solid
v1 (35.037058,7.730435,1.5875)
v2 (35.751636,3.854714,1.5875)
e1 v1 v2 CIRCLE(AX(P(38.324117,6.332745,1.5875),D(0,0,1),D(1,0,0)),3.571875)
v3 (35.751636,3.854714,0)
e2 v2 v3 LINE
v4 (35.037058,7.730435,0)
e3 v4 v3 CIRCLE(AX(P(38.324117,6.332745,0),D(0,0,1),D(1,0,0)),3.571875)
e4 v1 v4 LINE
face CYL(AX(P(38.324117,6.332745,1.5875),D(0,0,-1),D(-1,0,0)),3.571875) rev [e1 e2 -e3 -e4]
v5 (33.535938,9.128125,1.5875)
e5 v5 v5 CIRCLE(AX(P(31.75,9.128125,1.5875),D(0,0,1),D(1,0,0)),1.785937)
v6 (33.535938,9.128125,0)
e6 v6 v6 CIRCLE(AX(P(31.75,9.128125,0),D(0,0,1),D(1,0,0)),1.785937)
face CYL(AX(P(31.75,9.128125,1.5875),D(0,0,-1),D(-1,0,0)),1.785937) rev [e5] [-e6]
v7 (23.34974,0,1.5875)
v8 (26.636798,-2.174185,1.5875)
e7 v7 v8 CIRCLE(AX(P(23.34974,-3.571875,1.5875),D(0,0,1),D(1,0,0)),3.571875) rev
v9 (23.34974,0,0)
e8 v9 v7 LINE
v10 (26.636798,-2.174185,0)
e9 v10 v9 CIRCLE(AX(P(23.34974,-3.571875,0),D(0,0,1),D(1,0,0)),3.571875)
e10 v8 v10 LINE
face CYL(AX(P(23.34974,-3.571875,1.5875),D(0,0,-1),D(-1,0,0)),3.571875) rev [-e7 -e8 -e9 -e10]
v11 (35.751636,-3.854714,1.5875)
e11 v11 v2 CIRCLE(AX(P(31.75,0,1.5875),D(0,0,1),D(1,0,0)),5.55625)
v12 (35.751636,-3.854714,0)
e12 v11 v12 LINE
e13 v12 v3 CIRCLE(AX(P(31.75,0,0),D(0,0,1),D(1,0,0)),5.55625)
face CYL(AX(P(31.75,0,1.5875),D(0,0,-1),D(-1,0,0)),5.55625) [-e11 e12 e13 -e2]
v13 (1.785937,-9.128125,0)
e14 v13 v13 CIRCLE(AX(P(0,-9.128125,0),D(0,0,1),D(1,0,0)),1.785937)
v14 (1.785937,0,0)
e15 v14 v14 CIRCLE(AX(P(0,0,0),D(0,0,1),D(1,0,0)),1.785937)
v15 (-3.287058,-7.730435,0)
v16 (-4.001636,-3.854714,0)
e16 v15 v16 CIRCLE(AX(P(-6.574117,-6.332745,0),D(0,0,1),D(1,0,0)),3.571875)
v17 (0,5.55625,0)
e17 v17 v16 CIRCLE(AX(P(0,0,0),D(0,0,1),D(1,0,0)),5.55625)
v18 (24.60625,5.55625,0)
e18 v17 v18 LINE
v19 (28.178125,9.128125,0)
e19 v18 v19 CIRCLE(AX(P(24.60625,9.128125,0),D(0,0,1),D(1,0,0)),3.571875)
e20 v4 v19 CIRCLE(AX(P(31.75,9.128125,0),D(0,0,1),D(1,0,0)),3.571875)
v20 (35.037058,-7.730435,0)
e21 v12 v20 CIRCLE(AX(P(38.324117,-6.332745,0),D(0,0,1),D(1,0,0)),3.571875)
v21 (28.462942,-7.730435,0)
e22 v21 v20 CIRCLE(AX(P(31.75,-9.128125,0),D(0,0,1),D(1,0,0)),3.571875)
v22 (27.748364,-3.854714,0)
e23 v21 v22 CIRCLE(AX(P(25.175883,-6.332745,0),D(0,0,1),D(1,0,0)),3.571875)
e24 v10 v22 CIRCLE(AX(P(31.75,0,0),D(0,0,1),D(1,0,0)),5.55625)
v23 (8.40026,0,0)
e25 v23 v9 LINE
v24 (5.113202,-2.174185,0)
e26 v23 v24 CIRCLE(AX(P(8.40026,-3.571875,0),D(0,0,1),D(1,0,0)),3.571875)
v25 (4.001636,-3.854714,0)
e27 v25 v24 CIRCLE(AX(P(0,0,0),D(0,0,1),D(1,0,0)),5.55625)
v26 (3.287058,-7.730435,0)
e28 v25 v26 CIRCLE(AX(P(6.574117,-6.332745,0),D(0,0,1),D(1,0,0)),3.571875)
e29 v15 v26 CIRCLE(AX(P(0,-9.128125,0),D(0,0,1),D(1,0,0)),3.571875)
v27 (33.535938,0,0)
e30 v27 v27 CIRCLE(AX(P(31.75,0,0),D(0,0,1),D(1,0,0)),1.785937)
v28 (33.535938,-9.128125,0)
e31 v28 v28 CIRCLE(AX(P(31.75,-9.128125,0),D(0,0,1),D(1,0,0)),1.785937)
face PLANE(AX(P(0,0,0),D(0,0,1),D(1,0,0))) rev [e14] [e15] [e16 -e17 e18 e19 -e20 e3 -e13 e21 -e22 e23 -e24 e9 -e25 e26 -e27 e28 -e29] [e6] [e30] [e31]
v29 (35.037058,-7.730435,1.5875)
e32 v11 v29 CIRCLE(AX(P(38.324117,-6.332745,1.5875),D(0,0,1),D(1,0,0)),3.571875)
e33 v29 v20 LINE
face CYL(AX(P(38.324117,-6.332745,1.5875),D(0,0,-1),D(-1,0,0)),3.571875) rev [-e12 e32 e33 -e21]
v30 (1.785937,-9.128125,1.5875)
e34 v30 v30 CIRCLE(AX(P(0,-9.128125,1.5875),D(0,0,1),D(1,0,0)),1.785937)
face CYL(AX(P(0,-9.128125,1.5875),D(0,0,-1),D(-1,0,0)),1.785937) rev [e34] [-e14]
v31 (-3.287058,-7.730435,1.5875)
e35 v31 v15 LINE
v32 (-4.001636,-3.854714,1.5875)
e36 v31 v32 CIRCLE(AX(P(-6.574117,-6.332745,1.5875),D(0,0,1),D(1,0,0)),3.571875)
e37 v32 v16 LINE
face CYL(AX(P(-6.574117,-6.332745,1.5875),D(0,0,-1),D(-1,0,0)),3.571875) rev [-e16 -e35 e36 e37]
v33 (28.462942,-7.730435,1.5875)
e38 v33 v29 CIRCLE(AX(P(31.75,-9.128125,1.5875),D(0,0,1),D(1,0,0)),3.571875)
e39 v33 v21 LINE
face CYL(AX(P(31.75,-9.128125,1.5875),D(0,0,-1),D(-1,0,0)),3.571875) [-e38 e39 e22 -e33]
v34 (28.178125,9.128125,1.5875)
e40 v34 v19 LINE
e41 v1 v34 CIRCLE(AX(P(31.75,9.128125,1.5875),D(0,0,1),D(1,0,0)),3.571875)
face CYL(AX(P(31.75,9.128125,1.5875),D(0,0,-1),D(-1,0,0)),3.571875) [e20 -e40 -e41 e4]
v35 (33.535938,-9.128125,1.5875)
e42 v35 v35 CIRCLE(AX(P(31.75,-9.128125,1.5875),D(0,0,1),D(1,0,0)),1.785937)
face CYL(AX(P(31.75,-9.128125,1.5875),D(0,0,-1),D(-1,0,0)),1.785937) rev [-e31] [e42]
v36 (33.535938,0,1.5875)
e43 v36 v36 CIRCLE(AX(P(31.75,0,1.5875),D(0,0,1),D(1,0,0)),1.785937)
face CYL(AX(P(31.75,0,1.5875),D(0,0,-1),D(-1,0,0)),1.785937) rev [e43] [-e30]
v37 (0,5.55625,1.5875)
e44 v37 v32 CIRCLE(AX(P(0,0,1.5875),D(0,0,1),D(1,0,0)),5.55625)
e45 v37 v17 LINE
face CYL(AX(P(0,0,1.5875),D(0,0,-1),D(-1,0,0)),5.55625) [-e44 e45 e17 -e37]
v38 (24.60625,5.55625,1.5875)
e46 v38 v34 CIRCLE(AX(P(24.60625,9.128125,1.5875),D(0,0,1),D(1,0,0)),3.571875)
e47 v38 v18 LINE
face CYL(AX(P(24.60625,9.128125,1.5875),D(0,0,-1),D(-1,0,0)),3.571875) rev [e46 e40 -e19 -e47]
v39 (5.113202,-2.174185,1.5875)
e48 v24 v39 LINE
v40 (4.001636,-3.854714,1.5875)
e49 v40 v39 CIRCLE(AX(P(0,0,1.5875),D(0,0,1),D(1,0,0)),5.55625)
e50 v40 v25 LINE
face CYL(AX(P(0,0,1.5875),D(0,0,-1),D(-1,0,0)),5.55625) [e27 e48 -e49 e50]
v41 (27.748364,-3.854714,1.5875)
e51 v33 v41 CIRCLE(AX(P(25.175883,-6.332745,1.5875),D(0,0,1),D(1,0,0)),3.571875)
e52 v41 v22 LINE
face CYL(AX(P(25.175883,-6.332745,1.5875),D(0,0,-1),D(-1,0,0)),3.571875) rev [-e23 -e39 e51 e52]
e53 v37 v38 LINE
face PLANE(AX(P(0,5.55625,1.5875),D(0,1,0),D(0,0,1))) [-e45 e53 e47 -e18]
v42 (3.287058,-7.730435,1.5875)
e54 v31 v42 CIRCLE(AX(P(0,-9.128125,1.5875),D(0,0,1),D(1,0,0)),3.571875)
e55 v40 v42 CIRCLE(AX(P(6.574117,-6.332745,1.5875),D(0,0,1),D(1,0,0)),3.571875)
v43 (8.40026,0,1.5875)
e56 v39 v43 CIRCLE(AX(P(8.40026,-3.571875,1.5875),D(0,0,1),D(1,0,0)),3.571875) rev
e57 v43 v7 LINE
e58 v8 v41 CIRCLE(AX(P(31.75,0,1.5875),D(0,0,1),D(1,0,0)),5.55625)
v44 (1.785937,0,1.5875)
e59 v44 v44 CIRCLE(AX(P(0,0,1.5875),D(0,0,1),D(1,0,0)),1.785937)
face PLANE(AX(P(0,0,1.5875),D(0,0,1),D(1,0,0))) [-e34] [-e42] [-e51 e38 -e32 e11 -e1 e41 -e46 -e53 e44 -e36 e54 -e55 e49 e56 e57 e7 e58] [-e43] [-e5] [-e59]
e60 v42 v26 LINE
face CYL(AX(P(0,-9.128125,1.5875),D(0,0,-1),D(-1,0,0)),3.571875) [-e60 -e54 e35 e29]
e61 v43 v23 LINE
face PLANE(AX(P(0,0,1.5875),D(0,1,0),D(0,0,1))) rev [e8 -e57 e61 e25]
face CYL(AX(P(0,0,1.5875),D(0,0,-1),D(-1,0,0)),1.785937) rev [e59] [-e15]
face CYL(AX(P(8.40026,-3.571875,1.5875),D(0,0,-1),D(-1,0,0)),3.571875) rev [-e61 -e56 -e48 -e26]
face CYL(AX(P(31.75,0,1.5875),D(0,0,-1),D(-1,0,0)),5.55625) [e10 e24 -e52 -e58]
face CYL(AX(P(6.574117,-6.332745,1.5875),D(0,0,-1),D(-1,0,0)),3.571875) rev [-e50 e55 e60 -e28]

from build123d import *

# Parameters (mm, degrees)
SKETCH1_R           = 1.7859375
SKETCH1_R_2         = 3.571875
BOSS_EXTRUDE1_DEPTH = 1.5875
FILLET1_R           = 3.571875


with BuildPart() as part:
    # Sketch1 → Boss-Extrude1 (new body)
    # profile 1 of 10: a face of its own
    with BuildSketch(Plane.XY):
        with BuildLine():
            Line((5.55625, 0), (26.19375, 0))
            ThreePointArc((26.19375, 0), (27.821137947, -3.928862053), (31.75, -5.55625))
            ThreePointArc((31.75, -5.55625), (37.30625, 0), (31.75, 5.55625))
            Line((31.75, 5.55625), (0, 5.55625))
            ThreePointArc((0, 5.55625), (-5.55625, 0), (0, -5.55625))
            ThreePointArc((0, -5.55625), (3.928862053, -3.928862053), (5.55625, 0))
        make_face()
        Circle(SKETCH1_R, mode=Mode.SUBTRACT)
        with Locations((31.75, 0)):
            Circle(SKETCH1_R, mode=Mode.SUBTRACT)
    # profile 2 of 10: a face of its own
    with BuildSketch(Plane.XY):
        with Locations((0, -9.128125)):
            Circle(SKETCH1_R_2)
        with Locations((0, -9.128125)):
            Circle(SKETCH1_R, mode=Mode.SUBTRACT)
    # profile 3 of 10: a face of its own
    with BuildSketch(Plane.XY):
        with Locations((31.75, -9.128125)):
            Circle(SKETCH1_R_2)
        with Locations((31.75, -9.128125)):
            Circle(SKETCH1_R, mode=Mode.SUBTRACT)
    # profile 4 of 10: a face of its own
    with BuildSketch(Plane.XY):
        with Locations((31.75, 9.128125)):
            Circle(SKETCH1_R_2)
        with Locations((31.75, 9.128125)):
            Circle(SKETCH1_R, mode=Mode.SUBTRACT)
    # profile 5 of 10: a face of its own
    with BuildSketch(Plane.XY):
        with BuildLine():
            ThreePointArc((28.178125, 9.128125), (27.131947034, 6.602427966), (24.60625, 5.55625))
            Line((24.60625, 5.55625), (31.75, 5.55625))
            ThreePointArc((31.75, 5.55625), (29.224302966, 6.602427966), (28.178125, 9.128125))
        make_face()
    # profile 6 of 10: a face of its own
    with BuildSketch(Plane.XY):
        with BuildLine():
            ThreePointArc((31.75, 5.55625), (33.924184828, 5.113201971), (35.751636409, 3.854714012))
            ThreePointArc((35.751636409, 3.854714012), (34.811446668, 5.68510327), (35.037058415, 7.730434766))
            ThreePointArc((35.037058415, 7.730434766), (33.720522292, 6.148975304), (31.75, 5.55625))
        make_face()
    # profile 7 of 10: a face of its own
    with BuildSketch(Plane.XY):
        with BuildLine():
            ThreePointArc((35.751636291, -3.854714135), (33.92418475, -5.113202004), (31.75, -5.55625))
            ThreePointArc((31.75, -5.55625), (33.720522308, -6.148975314), (35.037058429, -7.730434799))
            ThreePointArc((35.037058429, -7.730434799), (34.811446649, -5.685103372), (35.751636291, -3.854714135))
        make_face()
    # profile 8 of 10: a face of its own
    with BuildSketch(Plane.XY):
        with BuildLine():
            ThreePointArc((31.75, -5.55625), (29.575815225, -5.113201993), (27.748363671, -3.854714095))
            ThreePointArc((27.748363671, -3.854714095), (28.48850069, -4.996759503), (28.747758155, -6.332744565))
            ThreePointArc((28.747758155, -6.332744565), (28.675829783, -7.045951842), (28.462941571, -7.730434799))
            ThreePointArc((28.462941571, -7.730434799), (29.779477692, -6.148975314), (31.75, -5.55625))
        make_face()
    # profile 9 of 10: a face of its own
    with BuildSketch(Plane.XY):
        with BuildLine():
            ThreePointArc((3.287058481, -7.730434921), (3.061446618, -5.685103543), (4.001636142, -3.854714289))
            ThreePointArc((4.001636142, -3.854714289), (2.174184651, -5.113202046), (0, -5.55625))
            ThreePointArc((0, -5.55625), (1.970522363, -6.148975351), (3.287058481, -7.730434921))
        make_face()
    # profile 10 of 10: a face of its own
    with BuildSketch(Plane.XY):
        with BuildLine():
            ThreePointArc((-3.287058429, -7.730434799), (-1.970522308, -6.148975314), (0, -5.55625))
            ThreePointArc((0, -5.55625), (-2.174184798, -5.113201984), (-4.001636364, -3.854714059))
            ThreePointArc((-4.001636364, -3.854714059), (-3.26149932, -4.99675948), (-3.002241845, -6.332744565))
            ThreePointArc((-3.002241845, -6.332744565), (-3.074170217, -7.045951842), (-3.287058429, -7.730434799))
        make_face()
    extrude(amount=BOSS_EXTRUDE1_DEPTH)

    # Fillet1
    fillet1_edges = [part.edges().sort_by_distance(p)[0] for p in [
        (26.19375, 0, 0.79375),
        (5.55625, 0, 0.79375),
    ]]
    fillet(fillet1_edges, radius=FILLET1_R)


solid = part.part
